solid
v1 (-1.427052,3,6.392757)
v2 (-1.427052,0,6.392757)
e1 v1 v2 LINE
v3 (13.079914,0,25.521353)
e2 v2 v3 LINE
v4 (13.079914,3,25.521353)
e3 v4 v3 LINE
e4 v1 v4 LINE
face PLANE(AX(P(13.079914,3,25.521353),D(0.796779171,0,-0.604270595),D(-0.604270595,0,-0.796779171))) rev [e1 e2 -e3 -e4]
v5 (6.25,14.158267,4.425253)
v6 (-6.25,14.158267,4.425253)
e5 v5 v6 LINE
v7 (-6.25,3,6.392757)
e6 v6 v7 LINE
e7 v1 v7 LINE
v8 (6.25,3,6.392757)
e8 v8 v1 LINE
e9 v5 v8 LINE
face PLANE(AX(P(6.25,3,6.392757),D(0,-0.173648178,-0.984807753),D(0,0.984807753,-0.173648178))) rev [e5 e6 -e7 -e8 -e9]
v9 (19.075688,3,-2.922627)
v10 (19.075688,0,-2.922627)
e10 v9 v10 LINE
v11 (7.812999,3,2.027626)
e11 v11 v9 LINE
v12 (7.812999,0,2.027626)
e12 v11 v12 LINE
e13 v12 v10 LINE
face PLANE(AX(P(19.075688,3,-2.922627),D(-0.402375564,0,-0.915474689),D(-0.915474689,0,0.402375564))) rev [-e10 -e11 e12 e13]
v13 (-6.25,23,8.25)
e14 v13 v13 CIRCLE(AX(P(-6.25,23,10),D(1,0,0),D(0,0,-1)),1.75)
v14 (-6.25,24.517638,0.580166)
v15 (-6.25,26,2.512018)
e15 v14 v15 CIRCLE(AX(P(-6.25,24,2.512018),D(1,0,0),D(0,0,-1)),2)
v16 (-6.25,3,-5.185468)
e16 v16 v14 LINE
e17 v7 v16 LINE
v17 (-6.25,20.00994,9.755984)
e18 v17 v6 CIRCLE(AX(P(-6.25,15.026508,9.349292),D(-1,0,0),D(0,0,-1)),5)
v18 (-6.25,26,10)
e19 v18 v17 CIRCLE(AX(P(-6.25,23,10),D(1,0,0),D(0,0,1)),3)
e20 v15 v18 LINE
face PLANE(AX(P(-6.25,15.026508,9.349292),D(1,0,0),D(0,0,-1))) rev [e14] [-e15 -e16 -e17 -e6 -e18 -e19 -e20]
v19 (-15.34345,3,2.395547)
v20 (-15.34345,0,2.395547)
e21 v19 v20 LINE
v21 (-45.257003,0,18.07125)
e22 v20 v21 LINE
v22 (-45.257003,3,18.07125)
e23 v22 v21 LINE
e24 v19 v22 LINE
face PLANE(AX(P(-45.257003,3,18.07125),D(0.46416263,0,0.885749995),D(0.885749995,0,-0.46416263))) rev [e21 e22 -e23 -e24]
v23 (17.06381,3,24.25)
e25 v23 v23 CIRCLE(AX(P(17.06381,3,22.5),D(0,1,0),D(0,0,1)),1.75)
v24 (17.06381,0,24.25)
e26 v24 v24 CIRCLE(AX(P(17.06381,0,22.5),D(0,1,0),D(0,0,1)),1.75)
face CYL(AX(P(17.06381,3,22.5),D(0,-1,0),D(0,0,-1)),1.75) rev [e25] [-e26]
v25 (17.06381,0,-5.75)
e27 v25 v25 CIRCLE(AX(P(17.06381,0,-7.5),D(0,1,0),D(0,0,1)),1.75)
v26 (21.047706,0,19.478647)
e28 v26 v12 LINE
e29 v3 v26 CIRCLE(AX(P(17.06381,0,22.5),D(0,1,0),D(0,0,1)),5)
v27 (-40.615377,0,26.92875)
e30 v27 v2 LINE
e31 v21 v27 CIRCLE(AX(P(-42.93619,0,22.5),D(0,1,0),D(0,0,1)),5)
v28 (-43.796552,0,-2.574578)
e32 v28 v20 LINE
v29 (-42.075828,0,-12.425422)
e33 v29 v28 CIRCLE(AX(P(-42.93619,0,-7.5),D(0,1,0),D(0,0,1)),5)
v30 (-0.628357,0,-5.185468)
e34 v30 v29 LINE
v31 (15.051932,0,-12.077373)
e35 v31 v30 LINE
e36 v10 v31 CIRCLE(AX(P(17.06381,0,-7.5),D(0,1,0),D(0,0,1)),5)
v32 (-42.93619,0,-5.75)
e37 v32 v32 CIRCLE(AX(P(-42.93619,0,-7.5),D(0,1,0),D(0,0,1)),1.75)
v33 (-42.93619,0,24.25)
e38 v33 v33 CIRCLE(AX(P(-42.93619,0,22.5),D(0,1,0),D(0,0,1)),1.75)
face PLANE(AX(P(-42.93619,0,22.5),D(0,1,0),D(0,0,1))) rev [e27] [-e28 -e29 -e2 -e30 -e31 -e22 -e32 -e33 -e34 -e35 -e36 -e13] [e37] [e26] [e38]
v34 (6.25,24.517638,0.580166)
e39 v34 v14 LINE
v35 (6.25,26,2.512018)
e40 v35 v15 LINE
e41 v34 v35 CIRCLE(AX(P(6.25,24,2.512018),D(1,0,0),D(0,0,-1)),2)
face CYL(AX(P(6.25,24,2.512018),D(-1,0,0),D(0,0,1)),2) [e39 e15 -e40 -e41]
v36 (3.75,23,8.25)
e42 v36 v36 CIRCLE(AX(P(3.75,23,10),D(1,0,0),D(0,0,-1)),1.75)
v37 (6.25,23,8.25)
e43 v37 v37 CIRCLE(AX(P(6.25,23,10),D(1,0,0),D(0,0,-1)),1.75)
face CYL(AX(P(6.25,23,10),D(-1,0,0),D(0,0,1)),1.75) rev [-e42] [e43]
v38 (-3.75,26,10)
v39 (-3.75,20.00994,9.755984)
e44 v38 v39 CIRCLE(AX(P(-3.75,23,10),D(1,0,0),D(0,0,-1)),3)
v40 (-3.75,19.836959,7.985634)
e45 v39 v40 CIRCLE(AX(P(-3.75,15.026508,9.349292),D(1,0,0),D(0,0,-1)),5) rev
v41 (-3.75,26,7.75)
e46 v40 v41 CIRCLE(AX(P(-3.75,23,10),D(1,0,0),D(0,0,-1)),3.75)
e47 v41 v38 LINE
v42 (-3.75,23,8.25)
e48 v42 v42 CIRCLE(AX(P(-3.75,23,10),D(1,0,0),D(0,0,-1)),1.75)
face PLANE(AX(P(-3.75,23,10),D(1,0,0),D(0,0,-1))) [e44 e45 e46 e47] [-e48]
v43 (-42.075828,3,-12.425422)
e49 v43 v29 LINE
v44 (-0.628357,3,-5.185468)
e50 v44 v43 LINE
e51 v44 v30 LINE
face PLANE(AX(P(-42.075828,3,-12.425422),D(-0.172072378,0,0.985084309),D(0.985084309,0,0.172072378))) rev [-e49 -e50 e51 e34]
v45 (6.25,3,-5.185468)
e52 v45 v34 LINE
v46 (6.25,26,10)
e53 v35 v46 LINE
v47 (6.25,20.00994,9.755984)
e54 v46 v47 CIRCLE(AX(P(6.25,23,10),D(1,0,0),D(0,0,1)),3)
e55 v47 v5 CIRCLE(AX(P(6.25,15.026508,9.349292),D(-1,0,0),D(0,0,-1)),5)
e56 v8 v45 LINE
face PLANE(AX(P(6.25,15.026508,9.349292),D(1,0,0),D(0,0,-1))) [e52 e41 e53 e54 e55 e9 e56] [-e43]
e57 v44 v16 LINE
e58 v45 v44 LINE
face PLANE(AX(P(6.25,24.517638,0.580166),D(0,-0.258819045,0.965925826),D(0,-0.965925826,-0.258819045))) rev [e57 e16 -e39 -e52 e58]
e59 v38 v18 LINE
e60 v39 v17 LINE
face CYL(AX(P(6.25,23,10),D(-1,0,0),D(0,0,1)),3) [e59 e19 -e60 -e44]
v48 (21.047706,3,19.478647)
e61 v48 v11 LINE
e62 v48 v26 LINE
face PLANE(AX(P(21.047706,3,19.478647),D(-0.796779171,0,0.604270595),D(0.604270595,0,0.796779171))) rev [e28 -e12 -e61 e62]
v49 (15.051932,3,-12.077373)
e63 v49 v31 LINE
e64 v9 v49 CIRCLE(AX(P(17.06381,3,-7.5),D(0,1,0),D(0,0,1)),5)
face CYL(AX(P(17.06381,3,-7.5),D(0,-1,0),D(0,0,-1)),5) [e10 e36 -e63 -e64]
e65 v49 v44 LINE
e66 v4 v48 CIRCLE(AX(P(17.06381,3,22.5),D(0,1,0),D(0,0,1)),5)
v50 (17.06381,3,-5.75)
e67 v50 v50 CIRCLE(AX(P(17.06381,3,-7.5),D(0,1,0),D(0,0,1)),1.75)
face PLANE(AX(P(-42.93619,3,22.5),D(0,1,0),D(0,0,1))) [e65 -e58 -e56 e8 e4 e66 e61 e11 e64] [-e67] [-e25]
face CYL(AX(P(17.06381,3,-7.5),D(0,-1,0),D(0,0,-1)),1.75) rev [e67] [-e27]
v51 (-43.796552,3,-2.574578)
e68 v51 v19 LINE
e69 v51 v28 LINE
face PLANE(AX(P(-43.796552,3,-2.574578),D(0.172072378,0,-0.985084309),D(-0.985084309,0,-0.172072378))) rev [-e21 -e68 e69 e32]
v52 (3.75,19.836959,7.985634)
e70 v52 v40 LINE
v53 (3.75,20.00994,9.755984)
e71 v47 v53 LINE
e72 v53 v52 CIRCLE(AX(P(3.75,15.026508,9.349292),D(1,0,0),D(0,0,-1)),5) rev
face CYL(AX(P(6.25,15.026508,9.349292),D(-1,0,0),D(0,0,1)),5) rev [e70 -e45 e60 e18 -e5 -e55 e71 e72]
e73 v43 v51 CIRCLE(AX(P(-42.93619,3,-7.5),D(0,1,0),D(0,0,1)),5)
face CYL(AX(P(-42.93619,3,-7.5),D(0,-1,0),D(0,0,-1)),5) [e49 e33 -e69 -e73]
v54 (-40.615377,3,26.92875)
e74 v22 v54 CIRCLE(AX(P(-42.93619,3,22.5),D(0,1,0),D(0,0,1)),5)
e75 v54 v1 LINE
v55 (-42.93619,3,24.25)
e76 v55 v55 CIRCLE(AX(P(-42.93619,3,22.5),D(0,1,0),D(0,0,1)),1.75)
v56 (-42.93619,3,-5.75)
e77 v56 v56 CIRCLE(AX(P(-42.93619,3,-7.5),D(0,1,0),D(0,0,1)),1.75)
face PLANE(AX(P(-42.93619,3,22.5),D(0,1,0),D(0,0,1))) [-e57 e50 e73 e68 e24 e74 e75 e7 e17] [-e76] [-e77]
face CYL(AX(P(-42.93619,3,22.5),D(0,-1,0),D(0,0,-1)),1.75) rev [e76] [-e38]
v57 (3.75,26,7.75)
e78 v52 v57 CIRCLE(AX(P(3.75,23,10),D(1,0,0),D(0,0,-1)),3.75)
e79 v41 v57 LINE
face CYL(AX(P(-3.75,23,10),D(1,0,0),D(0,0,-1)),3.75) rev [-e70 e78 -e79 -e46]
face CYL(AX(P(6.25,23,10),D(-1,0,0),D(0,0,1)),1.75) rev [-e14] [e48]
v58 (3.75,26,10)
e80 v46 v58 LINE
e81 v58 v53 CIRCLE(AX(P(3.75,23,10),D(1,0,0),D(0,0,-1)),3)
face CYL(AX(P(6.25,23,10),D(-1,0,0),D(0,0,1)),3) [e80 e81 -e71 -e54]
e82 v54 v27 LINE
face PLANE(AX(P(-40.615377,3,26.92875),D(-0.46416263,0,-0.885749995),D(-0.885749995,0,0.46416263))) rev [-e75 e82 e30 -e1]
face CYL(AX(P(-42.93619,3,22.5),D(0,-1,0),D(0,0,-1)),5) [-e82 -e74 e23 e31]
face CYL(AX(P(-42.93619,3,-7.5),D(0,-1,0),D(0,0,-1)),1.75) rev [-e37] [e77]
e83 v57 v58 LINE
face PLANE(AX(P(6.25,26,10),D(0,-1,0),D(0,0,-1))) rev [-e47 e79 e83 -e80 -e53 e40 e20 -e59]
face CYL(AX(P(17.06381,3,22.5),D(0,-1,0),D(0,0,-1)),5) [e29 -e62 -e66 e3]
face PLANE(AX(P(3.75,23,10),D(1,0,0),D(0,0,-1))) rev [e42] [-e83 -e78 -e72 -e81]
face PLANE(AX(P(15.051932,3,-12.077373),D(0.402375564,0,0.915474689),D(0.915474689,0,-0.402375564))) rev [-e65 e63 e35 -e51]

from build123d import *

# Parameters (mm, degrees)
SKETCH1_R           = 1.75
BOSS_EXTRUDE1_DEPTH = 3
SKETCH2_R           = 1.75
BOSS_EXTRUDE2_DEPTH = 6.25
SKETCH3_R           = 3.75
CUT_EXTRUDE1_DEPTH  = 3.75


with BuildPart() as part:
    # Sketch1 → Boss-Extrude1 (new body)
    with BuildSketch(Plane(origin=(0, 0, 0), x_dir=(1, 0, 0), z_dir=(0, 1, 0))):
        with BuildLine():
            Line((-45.257003151, -18.071250027), (-15.343449858, -2.395547337))
            Line((-15.343449858, -2.395547337), (-43.796551891, 2.574578453))
            ThreePointArc((-43.796551891, 2.574578453), (-47.861611547, 8.360361891), (-42.075828109, 12.425421547))
            Line((-42.075828109, 12.425421547), (-0.628357098, 5.185467732))
            Line((-0.628357098, 5.185467732), (15.051932182, 12.077373444))
            ThreePointArc((15.051932182, 12.077373444), (21.641183444, 9.511877818), (19.075687818, 2.922626556))
            Line((19.075687818, 2.922626556), (7.812998809, -2.027625912))
            Line((7.812998809, -2.027625912), (21.047705857, -19.478647024))
            ThreePointArc((21.047705857, -19.478647024), (20.085162976, -26.483895857), (13.079914143, -25.521352976))
            Line((13.079914143, -25.521352976), (-1.427051817, -6.392756601))
            Line((-1.427051817, -6.392756601), (-40.615376849, -26.928749973))
            ThreePointArc((-40.615376849, -26.928749973), (-47.364939973, -24.820813151), (-45.257003151, -18.071250027))
        make_face()
        with Locations(Location((-42.93619, -22.5, 0), (0, 0, 270))):
            Circle(SKETCH1_R, mode=Mode.SUBTRACT)
        with Locations(Location((-42.93619, 7.5, 0), (0, 0, 270))):
            Circle(SKETCH1_R, mode=Mode.SUBTRACT)
        with Locations(Location((17.06381, 7.5, 0), (0, 0, 270))):
            Circle(SKETCH1_R, mode=Mode.SUBTRACT)
        with Locations(Location((17.06381, -22.5, 0), (0, 0, 270))):
            Circle(SKETCH1_R, mode=Mode.SUBTRACT)
    extrude(amount=BOSS_EXTRUDE1_DEPTH)

    # Sketch2 → Boss-Extrude2 (add, symmetric)
    with BuildSketch(Plane(origin=(0, 0, 0), x_dir=(0, 0, -1), z_dir=(1, 0, 0))):
        with BuildLine():
            Line((-6.392756601, 3), (-4.425253098, 14.158266845))
            ThreePointArc((-4.425253098, 14.158266845), (-5.653060678, 18.393683854), (-9.755984449, 20.0099404))
            ThreePointArc((-9.755984449, 20.0099404), (-12.99751387, 22.877891031), (-10, 26))
            Line((-10, 26), (-2.51201767, 26))
            ThreePointArc((-2.51201767, 26), (-1.294494812, 25.586706681), (-0.580166017, 24.51763809))
            Line((-0.580166017, 24.51763809), (5.185467732, 3))
            Line((5.185467732, 3), (-6.392756601, 3))
        make_face()
        with Locations((-10, 23)):
            Circle(SKETCH2_R, mode=Mode.SUBTRACT)
    extrude(amount=BOSS_EXTRUDE2_DEPTH, both=True)

    # Sketch3 → Cut-Extrude1 (cut, symmetric)
    with BuildSketch(Plane(origin=(0, 0, 0), x_dir=(0, 0, -1), z_dir=(1, 0, 0))):
        with Locations((-10, 23)):
            Circle(SKETCH3_R)
    extrude(amount=CUT_EXTRUDE1_DEPTH, both=True, mode=Mode.SUBTRACT)


solid = part.part
